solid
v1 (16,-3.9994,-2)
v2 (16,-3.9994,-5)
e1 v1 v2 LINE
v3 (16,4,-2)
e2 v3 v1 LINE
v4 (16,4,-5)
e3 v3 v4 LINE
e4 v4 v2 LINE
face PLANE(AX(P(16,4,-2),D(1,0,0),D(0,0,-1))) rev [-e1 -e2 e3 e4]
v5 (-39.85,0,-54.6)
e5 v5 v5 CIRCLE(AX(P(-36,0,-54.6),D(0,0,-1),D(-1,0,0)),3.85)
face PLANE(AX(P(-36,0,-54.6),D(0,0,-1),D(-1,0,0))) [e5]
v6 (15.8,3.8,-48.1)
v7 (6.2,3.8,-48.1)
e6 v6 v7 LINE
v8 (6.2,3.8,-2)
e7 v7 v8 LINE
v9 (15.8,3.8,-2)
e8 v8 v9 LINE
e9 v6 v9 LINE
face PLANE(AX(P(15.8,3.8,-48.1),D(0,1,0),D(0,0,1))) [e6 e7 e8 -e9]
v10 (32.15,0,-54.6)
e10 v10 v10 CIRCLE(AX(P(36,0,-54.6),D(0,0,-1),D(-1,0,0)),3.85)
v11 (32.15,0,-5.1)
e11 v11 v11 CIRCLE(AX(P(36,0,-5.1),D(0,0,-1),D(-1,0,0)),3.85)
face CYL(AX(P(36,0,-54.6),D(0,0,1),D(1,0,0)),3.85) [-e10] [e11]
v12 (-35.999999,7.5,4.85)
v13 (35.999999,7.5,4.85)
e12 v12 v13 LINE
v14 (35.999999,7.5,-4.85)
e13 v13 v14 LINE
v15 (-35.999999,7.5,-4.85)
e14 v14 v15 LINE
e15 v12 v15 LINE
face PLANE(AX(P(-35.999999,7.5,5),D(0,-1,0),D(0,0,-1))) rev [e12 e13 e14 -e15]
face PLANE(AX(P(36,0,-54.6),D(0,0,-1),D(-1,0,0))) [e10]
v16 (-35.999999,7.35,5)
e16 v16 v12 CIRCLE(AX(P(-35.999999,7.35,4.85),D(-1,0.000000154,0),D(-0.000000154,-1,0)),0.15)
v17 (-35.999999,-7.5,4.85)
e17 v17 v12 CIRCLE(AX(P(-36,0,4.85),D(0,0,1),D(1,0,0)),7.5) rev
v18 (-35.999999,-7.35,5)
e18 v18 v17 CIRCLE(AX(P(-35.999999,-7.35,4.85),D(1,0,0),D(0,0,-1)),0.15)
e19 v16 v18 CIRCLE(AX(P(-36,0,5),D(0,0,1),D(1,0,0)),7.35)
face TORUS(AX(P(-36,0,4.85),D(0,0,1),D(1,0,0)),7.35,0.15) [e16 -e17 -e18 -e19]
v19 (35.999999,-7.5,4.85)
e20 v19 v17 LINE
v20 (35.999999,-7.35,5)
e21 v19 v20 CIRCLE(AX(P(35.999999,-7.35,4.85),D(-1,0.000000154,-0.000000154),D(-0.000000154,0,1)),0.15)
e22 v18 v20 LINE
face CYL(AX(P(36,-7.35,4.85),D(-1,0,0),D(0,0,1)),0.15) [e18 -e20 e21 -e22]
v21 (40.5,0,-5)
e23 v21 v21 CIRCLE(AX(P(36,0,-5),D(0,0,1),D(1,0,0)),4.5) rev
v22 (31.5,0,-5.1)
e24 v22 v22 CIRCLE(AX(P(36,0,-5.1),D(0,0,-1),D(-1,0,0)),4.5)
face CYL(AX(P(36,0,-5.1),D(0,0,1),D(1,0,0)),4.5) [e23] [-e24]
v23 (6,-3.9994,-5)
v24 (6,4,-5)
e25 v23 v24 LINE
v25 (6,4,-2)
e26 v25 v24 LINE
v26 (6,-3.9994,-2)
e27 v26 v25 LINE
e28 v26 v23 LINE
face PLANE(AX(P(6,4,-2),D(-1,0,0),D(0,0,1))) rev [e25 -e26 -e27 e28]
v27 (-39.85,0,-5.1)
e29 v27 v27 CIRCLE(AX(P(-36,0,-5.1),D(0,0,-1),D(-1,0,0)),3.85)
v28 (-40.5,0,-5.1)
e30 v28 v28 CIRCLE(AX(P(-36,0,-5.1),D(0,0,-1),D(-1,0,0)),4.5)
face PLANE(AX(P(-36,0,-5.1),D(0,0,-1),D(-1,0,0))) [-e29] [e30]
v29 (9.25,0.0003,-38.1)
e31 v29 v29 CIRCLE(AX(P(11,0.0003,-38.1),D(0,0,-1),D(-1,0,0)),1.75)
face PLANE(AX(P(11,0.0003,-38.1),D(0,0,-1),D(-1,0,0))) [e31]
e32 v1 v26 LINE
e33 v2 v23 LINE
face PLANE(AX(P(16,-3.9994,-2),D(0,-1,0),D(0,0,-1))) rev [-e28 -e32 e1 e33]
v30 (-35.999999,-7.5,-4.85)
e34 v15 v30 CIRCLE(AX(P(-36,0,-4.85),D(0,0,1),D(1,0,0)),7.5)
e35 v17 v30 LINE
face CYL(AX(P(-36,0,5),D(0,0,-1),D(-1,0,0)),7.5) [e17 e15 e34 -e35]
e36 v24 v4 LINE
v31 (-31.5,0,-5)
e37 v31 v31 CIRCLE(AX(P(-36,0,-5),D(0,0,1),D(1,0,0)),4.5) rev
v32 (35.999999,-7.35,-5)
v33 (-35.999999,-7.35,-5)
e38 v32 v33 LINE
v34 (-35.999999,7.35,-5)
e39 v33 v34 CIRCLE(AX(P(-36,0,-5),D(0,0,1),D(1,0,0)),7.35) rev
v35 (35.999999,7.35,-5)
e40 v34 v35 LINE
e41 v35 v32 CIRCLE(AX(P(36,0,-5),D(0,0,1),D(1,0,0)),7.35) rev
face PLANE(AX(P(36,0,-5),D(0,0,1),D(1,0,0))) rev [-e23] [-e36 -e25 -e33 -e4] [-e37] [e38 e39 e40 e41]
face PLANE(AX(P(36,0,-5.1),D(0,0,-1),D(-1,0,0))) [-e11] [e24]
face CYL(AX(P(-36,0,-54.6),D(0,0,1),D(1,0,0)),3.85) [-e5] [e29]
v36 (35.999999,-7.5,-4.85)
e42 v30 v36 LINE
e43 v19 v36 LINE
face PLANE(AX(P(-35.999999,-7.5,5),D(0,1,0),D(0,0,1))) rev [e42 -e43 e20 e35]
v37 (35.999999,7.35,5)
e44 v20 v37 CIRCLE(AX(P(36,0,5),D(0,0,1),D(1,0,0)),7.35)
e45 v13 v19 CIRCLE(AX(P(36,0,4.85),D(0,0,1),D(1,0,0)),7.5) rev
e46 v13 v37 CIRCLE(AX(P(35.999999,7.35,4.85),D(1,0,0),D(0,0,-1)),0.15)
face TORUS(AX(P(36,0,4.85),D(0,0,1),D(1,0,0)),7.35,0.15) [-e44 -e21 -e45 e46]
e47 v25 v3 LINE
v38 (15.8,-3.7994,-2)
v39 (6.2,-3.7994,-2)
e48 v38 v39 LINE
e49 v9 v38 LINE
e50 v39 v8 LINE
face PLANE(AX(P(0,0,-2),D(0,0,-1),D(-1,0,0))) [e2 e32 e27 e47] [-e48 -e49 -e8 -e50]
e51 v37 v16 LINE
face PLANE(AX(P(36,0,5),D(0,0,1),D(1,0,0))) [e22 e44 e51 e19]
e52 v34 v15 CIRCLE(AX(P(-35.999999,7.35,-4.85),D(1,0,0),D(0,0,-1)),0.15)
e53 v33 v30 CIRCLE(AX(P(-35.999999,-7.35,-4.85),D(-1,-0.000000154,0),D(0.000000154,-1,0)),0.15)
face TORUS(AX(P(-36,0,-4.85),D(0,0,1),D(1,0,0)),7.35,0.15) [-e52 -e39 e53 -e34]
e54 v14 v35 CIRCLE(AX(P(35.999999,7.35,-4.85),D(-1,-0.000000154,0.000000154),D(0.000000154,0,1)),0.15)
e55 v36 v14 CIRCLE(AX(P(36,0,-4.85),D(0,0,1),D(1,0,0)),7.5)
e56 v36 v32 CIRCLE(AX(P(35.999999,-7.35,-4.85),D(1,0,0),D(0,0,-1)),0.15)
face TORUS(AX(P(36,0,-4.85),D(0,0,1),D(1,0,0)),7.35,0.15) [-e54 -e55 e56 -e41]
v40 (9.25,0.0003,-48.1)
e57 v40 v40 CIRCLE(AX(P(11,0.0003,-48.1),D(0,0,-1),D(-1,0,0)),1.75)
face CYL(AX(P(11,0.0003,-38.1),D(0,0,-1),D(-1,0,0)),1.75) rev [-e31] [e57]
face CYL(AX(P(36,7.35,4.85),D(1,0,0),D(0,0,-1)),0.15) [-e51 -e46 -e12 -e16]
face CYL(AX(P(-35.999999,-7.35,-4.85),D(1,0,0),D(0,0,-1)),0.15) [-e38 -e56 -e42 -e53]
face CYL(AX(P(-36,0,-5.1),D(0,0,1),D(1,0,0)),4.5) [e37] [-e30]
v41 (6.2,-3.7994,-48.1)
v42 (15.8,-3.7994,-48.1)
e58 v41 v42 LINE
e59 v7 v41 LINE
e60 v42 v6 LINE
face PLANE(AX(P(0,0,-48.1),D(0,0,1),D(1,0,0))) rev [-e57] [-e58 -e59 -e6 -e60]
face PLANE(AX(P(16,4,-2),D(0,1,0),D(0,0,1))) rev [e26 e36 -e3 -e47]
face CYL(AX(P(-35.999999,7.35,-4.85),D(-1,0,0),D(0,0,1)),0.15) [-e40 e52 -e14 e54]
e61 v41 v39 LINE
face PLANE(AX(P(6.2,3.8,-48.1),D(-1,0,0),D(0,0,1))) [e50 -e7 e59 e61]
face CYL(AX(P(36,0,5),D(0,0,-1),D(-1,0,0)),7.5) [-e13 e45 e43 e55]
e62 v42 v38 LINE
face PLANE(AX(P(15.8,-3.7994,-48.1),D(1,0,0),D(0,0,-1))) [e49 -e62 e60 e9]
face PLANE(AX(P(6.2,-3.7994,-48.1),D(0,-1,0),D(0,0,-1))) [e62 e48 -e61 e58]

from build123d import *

# Parameters (mm, degrees)
SKETCH1_R           = 4
BOSS_EXTRUDE1_DEPTH = 5
FILLET2_R           = 0.15
SKETCH2_W           = 10
SKETCH2_H           = 7.9994
CUT_EXTRUDE1_DEPTH  = 3
SKETCH3_R           = 1.75
CUT_EXTRUDE2_DEPTH  = 45.69339996
SKETCH4_R           = 4.15
BOSS_EXTRUDE2_DEPTH = 10
SKETCH5_R           = 4.5
BOSS_EXTRUDE3_DEPTH = 0.1
SKETCH6_R           = 3.85
BOSS_EXTRUDE4_DEPTH = 49.5
SKETCH9_W           = 9.6
SKETCH9_H           = 7.5994
BOSS_EXTRUDE5_DEPTH = 53.1
SKETCH10_R          = 1.75
CUT_EXTRUDE3_DEPTH  = 10


with BuildPart() as part:
    # Sketch1 → Boss-Extrude1 (new, symmetric)
    with BuildSketch(Plane.XY):
        with BuildLine():
            Line((-35.999998845, 7.5), (35.999998845, 7.5))
            ThreePointArc((35.999998845, 7.5), (43.5, 0), (35.999998845, -7.5))
            Line((35.999998845, -7.5), (-35.999998845, -7.5))
            ThreePointArc((-35.999998845, -7.5), (-43.5, 0), (-35.999998845, 7.5))
        make_face()
        with Locations((-36, 0)):
            Circle(SKETCH1_R, mode=Mode.SUBTRACT)
        with Locations((36, 0)):
            Circle(SKETCH1_R, mode=Mode.SUBTRACT)
    extrude(amount=BOSS_EXTRUDE1_DEPTH, both=True)

    # Fillet2
    fillet2_edges = [part.edges().sort_by_distance(p)[0] for p in [
        (-40, 0, -5),
        (-40, 0, 5),
        (-43.5, 0, 5),
        (32, 0, -5),
        (32, 0, 5),
        (0, -7.5, 5),
        (43.5, 0, 5),
        (0, -7.5, -5),
        (-43.5, 0, -5),
        (0, 7.5, -5),
        (43.5, 0, -5),
        (0, 7.5, 5),
    ]]
    fillet(fillet2_edges, radius=FILLET2_R)

    # Sketch2 → Cut-Extrude1 (cut)
    with BuildSketch(Plane(origin=(0, 0, -5), x_dir=(-1, 0, 0), z_dir=(0, 0, -1))):
        with Locations((-11, 0.0003)):
            Rectangle(SKETCH2_W, SKETCH2_H)
    extrude(amount=-CUT_EXTRUDE1_DEPTH, mode=Mode.SUBTRACT)

    # Sketch3 → Cut-Extrude2 (cut, through all)
    with BuildSketch(Plane(origin=(0, 0, -2), x_dir=(-1, 0, 0), z_dir=(0, 0, -1))):
        with Locations((-11, 0.0003)):
            Circle(SKETCH3_R)
    extrude(amount=-CUT_EXTRUDE2_DEPTH, mode=Mode.SUBTRACT)

    # Sketch4 → Boss-Extrude2 (add)
    with BuildSketch(Plane.XY.offset(5)):
        with Locations((36, 0)):
            Circle(SKETCH4_R)
        with Locations((-36, 0)):
            Circle(SKETCH4_R)
    extrude(amount=-BOSS_EXTRUDE2_DEPTH)

    # Sketch5 → Boss-Extrude3 (add)
    with BuildSketch(Plane(origin=(0, 0, -5), x_dir=(-1, 0, 0), z_dir=(0, 0, -1))):
        with Locations(Location((36, 0, 0), (0, 0, 180))):
            Circle(SKETCH5_R)
        with Locations(Location((-36, 0, 0), (0, 0, 180))):
            Circle(SKETCH5_R)
    extrude(amount=BOSS_EXTRUDE3_DEPTH)

    # Sketch6 → Boss-Extrude4 (add)
    with BuildSketch(Plane(origin=(0, 0, -5.1), x_dir=(-1, 0, 0), z_dir=(0, 0, -1))):
        with Locations((-36, 0)):
            Circle(SKETCH6_R)
        with Locations((36, 0)):
            Circle(SKETCH6_R)
    extrude(amount=BOSS_EXTRUDE4_DEPTH)

    # Sketch9 → Boss-Extrude5 (add)
    with BuildSketch(Plane.XY.offset(5)):
        with Locations((11, 0.0003)):
            Rectangle(SKETCH9_W, SKETCH9_H)
    extrude(amount=-BOSS_EXTRUDE5_DEPTH)

    # Sketch10 → Cut-Extrude3 (cut)
    with BuildSketch(Plane(origin=(0, 0, -48.1), x_dir=(-1, 0, 0), z_dir=(0, 0, -1))):
        with Locations((-11, 0.0003)):
            Circle(SKETCH10_R)
    extrude(amount=-CUT_EXTRUDE3_DEPTH, mode=Mode.SUBTRACT)


solid = part.part
